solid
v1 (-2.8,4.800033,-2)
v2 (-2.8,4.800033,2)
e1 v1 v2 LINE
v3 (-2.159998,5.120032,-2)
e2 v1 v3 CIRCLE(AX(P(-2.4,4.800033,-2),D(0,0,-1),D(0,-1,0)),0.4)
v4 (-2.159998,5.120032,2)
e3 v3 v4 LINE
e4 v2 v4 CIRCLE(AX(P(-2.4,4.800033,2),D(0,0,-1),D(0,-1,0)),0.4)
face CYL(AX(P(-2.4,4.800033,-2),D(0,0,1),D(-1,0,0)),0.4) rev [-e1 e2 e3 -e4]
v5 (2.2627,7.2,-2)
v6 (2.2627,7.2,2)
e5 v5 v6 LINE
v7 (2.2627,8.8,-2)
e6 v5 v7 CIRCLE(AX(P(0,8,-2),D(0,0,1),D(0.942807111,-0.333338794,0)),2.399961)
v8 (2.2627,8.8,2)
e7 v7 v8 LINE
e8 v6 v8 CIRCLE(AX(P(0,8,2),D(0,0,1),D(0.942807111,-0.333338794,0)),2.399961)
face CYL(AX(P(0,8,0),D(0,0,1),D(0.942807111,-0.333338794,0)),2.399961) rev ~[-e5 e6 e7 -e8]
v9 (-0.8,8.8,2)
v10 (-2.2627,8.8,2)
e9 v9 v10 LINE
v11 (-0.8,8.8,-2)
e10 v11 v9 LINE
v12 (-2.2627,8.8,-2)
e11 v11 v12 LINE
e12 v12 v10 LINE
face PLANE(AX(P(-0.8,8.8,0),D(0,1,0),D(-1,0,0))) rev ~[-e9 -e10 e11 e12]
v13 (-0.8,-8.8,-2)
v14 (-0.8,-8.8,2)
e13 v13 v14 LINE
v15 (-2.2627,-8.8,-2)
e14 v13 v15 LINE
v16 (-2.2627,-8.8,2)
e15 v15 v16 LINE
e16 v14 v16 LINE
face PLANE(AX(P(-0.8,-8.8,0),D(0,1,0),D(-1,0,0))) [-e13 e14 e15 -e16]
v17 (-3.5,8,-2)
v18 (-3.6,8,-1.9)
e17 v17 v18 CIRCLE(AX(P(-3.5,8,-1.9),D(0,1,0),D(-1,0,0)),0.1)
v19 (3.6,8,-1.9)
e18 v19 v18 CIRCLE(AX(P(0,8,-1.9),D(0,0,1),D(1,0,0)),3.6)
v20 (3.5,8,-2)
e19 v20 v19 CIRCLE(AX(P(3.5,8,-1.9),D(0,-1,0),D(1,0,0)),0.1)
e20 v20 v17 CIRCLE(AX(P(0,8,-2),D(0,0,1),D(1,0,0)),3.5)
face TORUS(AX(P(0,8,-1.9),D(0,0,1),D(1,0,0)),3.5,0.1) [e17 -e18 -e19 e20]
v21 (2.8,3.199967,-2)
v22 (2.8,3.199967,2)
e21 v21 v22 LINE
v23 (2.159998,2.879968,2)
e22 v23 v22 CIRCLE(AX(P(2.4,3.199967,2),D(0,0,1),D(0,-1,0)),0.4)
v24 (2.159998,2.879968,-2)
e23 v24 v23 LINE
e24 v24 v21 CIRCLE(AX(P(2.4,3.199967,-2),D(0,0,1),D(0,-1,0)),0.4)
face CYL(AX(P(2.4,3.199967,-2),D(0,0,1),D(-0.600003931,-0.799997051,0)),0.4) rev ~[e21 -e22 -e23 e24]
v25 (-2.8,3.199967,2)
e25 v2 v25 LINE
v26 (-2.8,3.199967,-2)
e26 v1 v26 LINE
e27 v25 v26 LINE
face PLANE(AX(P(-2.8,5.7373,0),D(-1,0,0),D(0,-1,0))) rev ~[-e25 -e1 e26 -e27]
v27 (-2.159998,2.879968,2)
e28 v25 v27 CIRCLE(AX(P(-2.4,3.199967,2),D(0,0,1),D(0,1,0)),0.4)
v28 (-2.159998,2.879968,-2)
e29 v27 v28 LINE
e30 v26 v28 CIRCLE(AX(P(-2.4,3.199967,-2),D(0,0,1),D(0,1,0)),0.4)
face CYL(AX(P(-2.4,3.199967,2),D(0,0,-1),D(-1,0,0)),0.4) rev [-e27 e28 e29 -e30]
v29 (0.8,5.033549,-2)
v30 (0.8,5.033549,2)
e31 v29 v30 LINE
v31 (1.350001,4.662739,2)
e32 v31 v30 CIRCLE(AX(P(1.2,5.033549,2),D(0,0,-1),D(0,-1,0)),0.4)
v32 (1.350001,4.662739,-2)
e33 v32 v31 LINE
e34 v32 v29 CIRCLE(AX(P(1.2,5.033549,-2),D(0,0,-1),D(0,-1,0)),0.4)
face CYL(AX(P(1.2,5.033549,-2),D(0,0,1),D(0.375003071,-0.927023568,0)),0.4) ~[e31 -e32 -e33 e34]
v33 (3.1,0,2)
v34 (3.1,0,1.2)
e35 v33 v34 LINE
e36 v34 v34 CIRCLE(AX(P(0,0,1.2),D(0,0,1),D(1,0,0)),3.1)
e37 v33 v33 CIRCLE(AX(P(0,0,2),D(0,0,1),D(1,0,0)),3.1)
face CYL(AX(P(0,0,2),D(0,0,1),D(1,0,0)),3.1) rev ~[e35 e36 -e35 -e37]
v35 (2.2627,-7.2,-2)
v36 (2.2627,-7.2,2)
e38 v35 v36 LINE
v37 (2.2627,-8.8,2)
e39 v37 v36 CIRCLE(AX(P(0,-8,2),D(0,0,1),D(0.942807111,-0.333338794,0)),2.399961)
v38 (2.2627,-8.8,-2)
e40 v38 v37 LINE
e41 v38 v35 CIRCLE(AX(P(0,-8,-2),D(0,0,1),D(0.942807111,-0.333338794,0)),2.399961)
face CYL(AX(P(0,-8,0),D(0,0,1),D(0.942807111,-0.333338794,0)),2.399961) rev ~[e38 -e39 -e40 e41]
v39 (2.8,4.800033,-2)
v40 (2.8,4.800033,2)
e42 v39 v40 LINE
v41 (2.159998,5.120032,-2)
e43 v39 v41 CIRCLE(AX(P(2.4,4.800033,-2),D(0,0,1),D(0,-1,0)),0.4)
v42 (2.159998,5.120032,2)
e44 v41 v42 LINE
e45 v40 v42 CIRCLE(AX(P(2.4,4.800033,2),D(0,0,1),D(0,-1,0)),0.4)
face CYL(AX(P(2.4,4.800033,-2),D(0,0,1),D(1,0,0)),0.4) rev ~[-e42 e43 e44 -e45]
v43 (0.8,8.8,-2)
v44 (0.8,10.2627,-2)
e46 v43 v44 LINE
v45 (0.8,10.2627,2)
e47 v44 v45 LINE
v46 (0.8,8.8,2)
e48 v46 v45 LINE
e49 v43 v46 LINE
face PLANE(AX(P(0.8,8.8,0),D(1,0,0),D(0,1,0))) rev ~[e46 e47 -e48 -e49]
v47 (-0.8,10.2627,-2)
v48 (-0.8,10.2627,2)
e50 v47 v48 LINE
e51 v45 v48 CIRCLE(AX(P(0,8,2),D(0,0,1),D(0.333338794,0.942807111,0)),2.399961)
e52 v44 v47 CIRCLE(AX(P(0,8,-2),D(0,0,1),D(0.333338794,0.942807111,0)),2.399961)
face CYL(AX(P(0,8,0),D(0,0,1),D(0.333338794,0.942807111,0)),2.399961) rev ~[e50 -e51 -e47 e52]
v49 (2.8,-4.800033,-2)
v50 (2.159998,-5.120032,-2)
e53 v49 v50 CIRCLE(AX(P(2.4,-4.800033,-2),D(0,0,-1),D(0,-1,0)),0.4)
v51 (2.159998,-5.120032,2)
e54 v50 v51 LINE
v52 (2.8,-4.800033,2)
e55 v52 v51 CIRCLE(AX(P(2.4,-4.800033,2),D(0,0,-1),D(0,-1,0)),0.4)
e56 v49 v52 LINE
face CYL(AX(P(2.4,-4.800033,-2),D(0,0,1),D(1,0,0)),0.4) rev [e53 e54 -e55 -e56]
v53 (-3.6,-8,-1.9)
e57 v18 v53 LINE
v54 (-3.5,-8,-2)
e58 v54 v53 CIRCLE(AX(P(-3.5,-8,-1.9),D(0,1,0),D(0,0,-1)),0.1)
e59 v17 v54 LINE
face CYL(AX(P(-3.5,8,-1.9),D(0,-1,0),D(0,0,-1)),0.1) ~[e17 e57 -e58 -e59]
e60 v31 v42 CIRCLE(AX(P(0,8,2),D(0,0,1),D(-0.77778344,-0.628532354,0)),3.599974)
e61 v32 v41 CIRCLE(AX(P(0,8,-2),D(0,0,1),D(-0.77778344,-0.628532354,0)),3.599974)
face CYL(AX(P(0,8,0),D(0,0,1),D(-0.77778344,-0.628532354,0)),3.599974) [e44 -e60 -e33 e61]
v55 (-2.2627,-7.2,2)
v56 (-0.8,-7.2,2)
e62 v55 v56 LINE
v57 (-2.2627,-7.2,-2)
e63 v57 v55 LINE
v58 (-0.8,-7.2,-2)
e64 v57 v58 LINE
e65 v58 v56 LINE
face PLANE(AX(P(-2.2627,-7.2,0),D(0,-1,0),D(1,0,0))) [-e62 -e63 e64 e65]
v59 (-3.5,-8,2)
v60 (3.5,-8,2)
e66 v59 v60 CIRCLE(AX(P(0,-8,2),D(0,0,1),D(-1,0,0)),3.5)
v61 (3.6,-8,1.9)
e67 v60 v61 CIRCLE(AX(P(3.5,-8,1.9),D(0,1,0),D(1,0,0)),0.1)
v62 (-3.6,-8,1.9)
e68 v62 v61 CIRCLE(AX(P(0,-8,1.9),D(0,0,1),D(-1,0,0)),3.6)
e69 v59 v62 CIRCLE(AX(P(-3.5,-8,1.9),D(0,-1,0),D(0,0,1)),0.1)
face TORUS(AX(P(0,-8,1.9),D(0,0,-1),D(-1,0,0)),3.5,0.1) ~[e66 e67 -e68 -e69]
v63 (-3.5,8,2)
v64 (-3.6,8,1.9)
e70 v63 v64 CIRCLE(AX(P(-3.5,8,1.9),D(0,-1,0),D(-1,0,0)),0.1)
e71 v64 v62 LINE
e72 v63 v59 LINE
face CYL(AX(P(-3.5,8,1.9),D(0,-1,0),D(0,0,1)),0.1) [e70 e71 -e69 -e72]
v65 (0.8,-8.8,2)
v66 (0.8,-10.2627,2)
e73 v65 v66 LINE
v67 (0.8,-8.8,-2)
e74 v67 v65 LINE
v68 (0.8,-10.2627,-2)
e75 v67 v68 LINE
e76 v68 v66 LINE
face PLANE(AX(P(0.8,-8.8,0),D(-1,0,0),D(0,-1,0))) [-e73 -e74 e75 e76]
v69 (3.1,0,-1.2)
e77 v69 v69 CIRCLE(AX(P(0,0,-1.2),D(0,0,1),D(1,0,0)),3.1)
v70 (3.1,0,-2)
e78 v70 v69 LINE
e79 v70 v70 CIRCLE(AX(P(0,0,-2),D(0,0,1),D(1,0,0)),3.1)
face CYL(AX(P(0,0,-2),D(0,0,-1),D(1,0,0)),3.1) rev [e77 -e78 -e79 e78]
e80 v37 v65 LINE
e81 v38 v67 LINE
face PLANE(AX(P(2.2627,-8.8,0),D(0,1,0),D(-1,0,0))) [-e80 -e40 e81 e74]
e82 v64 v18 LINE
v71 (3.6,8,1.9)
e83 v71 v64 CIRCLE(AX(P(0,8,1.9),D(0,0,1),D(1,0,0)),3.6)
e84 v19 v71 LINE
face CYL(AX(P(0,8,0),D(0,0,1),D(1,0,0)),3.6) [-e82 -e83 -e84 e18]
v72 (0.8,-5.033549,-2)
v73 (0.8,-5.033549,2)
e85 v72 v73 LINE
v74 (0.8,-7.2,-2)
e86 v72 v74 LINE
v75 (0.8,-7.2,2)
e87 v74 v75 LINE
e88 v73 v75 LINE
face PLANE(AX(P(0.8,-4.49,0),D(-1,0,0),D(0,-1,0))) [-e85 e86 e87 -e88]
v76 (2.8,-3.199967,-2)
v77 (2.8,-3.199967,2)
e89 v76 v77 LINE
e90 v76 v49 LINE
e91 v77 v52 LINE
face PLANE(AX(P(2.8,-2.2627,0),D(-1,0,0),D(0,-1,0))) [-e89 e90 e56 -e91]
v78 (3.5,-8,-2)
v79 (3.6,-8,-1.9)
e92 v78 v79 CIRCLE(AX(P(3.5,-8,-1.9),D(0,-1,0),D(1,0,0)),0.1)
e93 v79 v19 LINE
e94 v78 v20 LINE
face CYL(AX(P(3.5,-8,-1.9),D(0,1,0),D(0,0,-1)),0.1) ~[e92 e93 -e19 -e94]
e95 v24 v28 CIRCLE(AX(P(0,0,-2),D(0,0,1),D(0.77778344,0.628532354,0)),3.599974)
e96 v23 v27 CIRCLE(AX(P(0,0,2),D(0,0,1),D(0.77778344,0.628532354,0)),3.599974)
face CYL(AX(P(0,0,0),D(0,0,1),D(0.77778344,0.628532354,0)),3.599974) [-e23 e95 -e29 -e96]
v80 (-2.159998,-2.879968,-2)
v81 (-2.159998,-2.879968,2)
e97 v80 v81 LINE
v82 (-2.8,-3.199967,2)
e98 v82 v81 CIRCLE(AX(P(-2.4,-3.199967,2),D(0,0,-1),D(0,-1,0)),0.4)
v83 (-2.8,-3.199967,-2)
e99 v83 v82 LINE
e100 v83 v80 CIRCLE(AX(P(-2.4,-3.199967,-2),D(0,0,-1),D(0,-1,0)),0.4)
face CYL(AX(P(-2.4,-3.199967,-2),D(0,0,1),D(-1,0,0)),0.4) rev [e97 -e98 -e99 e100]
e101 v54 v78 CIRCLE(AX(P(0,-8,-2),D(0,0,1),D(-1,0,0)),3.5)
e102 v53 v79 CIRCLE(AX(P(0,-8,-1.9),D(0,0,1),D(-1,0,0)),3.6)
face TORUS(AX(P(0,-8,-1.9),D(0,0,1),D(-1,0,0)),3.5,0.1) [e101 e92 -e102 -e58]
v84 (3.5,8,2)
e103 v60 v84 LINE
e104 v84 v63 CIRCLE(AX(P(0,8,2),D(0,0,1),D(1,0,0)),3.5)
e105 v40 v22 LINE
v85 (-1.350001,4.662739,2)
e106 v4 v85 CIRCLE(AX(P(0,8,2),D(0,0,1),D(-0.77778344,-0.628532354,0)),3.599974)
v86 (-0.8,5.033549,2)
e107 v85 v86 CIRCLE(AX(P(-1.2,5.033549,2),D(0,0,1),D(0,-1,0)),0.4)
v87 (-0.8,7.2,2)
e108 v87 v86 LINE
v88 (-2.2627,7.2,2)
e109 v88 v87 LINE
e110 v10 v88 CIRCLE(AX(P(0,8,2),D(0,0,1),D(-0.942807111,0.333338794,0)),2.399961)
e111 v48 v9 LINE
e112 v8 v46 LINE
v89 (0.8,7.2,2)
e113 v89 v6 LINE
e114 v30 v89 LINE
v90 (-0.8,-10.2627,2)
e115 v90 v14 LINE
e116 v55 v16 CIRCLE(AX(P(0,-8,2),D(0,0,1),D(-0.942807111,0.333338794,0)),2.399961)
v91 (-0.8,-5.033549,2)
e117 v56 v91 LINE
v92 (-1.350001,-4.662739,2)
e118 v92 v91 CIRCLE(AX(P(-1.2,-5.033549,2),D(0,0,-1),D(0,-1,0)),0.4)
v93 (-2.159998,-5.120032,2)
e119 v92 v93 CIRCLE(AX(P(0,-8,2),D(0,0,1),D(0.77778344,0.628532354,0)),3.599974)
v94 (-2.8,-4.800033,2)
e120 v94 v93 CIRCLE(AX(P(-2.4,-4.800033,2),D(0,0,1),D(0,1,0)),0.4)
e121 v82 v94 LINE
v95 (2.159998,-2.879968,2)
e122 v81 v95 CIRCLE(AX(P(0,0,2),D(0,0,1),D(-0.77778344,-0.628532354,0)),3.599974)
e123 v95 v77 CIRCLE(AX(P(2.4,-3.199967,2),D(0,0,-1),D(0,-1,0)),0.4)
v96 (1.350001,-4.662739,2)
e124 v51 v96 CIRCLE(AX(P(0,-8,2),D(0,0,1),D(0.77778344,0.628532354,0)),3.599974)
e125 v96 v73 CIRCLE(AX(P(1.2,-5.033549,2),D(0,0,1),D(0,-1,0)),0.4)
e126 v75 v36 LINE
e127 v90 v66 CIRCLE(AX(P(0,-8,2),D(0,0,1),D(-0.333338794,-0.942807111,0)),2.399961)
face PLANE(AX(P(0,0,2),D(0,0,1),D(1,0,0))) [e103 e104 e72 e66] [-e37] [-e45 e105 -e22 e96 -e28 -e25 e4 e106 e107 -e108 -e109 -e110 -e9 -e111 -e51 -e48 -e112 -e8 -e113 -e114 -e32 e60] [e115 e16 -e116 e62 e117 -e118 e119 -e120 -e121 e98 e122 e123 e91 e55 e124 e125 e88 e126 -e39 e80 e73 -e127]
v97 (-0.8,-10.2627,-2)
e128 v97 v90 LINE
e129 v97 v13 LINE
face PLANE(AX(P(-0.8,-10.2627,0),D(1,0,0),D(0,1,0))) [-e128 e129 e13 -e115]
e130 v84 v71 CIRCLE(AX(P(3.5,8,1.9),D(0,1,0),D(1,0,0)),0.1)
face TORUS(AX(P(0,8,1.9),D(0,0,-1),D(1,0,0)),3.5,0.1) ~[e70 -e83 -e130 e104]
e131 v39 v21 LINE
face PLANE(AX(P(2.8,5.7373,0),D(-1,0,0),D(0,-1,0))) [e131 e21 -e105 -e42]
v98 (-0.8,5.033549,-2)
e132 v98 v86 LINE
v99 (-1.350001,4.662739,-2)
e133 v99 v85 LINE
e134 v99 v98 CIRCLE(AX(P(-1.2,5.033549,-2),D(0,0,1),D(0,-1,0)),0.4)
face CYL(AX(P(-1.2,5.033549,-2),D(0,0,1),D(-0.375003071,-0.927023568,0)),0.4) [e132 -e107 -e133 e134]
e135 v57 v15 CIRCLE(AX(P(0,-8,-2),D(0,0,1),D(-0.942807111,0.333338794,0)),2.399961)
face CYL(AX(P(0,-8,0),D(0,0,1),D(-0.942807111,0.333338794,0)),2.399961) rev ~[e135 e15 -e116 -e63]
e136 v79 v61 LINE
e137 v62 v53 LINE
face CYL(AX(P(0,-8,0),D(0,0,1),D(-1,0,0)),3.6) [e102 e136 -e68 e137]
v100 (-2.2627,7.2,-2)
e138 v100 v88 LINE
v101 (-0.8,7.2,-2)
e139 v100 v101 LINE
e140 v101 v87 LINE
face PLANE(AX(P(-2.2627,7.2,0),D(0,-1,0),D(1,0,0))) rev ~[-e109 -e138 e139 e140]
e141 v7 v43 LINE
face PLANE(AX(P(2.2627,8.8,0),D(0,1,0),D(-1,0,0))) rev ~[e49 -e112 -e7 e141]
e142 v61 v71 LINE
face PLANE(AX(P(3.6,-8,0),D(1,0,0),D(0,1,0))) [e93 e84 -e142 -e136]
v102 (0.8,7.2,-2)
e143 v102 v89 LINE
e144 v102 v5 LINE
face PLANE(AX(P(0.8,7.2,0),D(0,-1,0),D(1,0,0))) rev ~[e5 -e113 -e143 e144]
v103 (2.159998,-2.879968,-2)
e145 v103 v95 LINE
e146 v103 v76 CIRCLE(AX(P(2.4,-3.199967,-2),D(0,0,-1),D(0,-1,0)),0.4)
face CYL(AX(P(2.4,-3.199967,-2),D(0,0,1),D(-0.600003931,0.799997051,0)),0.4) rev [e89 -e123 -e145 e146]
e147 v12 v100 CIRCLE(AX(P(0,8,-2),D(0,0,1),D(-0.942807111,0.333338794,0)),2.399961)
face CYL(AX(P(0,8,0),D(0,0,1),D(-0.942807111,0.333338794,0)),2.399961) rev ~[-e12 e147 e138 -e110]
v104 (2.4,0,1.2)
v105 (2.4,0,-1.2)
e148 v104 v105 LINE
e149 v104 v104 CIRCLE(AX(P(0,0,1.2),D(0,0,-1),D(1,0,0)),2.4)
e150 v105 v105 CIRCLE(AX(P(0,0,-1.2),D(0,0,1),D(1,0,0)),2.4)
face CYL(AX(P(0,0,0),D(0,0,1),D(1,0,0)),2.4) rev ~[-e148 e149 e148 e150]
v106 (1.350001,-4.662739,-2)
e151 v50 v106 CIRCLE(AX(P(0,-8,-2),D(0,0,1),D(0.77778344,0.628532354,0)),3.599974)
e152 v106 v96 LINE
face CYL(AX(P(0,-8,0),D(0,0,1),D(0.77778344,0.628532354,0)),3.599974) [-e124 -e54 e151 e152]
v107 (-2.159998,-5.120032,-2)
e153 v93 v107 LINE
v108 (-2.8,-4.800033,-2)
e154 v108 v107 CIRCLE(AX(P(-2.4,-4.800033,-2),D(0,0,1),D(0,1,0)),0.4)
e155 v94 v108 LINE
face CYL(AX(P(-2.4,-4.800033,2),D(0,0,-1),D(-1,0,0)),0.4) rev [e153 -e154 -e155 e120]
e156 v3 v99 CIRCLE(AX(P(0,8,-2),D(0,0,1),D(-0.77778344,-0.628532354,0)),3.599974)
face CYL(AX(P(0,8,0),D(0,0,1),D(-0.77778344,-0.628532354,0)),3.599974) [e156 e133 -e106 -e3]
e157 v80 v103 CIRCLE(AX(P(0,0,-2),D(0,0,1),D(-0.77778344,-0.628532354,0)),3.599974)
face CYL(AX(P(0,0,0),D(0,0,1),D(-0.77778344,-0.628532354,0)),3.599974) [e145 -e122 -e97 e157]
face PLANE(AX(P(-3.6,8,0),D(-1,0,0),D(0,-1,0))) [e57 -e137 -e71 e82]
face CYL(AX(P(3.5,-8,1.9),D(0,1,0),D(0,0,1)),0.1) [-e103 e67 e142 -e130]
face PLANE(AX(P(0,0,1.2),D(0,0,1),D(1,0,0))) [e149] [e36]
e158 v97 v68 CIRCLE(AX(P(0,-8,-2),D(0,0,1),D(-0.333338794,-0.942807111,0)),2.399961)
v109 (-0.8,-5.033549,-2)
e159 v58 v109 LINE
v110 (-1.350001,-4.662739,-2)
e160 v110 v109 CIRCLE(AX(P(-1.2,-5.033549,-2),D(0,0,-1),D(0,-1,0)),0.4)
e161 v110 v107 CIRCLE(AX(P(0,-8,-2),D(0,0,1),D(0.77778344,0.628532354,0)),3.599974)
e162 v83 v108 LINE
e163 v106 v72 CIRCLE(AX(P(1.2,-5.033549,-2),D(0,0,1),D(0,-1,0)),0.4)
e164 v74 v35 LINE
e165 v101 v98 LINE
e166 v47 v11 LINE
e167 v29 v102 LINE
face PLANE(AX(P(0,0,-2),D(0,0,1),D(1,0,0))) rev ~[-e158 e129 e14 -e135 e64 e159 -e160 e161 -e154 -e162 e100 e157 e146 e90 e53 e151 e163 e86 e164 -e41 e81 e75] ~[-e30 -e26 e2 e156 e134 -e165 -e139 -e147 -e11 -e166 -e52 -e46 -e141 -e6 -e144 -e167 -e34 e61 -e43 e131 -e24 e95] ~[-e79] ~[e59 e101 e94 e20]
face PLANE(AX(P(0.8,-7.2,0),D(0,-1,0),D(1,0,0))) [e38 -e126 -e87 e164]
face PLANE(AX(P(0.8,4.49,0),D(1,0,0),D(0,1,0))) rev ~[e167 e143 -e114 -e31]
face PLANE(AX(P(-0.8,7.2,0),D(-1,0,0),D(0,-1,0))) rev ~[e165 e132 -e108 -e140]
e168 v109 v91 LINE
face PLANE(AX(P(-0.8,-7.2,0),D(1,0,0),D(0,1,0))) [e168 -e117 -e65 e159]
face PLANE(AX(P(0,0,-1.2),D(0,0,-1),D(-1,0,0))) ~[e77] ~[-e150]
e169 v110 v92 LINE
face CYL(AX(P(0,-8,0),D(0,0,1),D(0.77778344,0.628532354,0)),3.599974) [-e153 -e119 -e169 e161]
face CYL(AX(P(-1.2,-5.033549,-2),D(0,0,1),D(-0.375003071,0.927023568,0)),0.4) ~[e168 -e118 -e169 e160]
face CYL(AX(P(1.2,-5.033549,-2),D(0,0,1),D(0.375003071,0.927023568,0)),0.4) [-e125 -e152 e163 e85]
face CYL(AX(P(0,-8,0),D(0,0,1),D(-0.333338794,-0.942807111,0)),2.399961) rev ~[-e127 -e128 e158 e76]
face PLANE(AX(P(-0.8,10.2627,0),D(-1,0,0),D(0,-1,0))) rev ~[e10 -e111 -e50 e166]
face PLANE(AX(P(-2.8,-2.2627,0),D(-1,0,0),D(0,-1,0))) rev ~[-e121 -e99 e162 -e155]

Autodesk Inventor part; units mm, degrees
ref_plane "YZ Plane" through (0, 0, 0) normal (1, 0, 0) x (0, 1, 0)
ref_plane "XZ Plane" through (0, 0, 0) normal (0, 1, 0) x (-1, 0, 0)
ref_plane "XY Plane" through (0, 0, 0) normal (0, 0, 1) x (1, 0, 0)
sketch "Sketch1" plane through (0, 0, 0) normal (0, 0, 1) x (1, 0, 0)
  line L0 (3.6, -8) -> (3.6, 8)
  line L1 (-3.6, 8) -> (-3.6, -8)
  arc A0 (3.6, 8) -> (-3.6, 8) centre (0, 8) ccw
  circle A1 centre (0, 8) radius 2.4 construction
  circle A2 centre (0, 8) radius 3.2 construction
  circle A3 centre (0, 0) radius 3.2
  circle A4 centre (0, 0) radius 2.4
  line L2 (0, 0) -> (0, 8) construction
  line L3 (-2.8, 5.7373) -> (-2.8, 2.2627)
  line L4 (2.8, 5.7373) -> (2.8, 2.2627)
  arc A5 (-2.8, 5.7373) -> (2.8, 5.7373) centre (0, 8) ccw
  arc A6 (2.8, 2.2627) -> (-2.8, 2.2627) centre (0, 0) ccw
  arc A7 (-3.6, -8) -> (3.6, -8) centre (0, -8) ccw
  circle A8 centre (0, -8) radius 3.2 construction
  circle A9 centre (0, -8) radius 2.4 construction
  line L5 (0, 0) -> (0, -8) construction
  line L6 (-2.8, -2.2627) -> (-2.8, -5.7373)
  line L7 (2.8, -2.2627) -> (2.8, -5.7373)
  arc A10 (-2.8, -2.2627) -> (2.8, -2.2627) centre (0, 0) ccw
  arc A11 (2.8, -5.7373) -> (-2.8, -5.7373) centre (0, -8) ccw
  line L8 (0.8, 4.49) -> (0.8, 7.2)
  line L9 (0.8, 7.2) -> (2.2627, 7.2)
  line L10 (2.2627, 8.8) -> (0.8, 8.8)
  line L11 (0.8, 8.8) -> (0.8, 10.2627)
  line L12 (-0.8, 10.2627) -> (-0.8, 8.8)
  line L13 (-0.8, 8.8) -> (-2.2627, 8.8)
  line L14 (-2.2627, 7.2) -> (-0.8, 7.2)
  line L15 (-0.8, 7.2) -> (-0.8, 4.49)
  arc A12 (-2.2627, 8.8) -> (-2.2627, 7.2) centre (0, 8) ccw
  arc A13 (0.8, 10.2627) -> (-0.8, 10.2627) centre (0, 8) ccw
  arc A14 (2.2627, 7.2) -> (2.2627, 8.8) centre (0, 8) ccw
  line L16 (-0.8, -10.2627) -> (-0.8, -8.8)
  line L17 (-0.8, -8.8) -> (-2.2627, -8.8)
  line L18 (-2.2627, -7.2) -> (-0.8, -7.2)
  line L19 (-0.8, -7.2) -> (-0.8, -4.49)
  line L20 (0.8, -4.49) -> (0.8, -7.2)
  line L21 (0.8, -7.2) -> (2.2627, -7.2)
  line L22 (2.2627, -8.8) -> (0.8, -8.8)
  line L23 (0.8, -8.8) -> (0.8, -10.2627)
  arc A15 (-2.2627, -7.2) -> (-2.2627, -8.8) centre (0, -8) ccw
  arc A16 (-0.8, -10.2627) -> (0.8, -10.2627) centre (0, -8) ccw
  arc A17 (2.2627, -8.8) -> (2.2627, -7.2) centre (0, -8) ccw
  dimension "d8" = 4.8
  dimension "d9" = 6.4
  dimension "d32" = 7.2
  dimension "d34" = 8
  dimension "d36" = 0.8
  dimension "d52" = 1.6
extrude "Extrusion1" add sketch "Sketch1" along normal mid plane 4 contours A7 L1 A0 L0 | A3
sketch "Sketch6" plane through (0, 0, 2) normal (0, 0, 1) x (1, 0, 0)
  circle A0 centre (0, 0) radius 3.1
  circle A1 centre (0, 0) radius 2.4 projected
  dimension "d53" = 6.2
extrude "Extrusion7" cut sketch "Sketch6" against normal blind 0.8 contours A0 | A1
mirror "Mirror1" about plane through (0, 0, 0) normal (0, 0, 1) of "Extrusion7"
fillet "Fillet1" radius 0.1 6 edges at (0, 11.6, 2) (3.6, 0, 2) (-3.6, 0, 2) (0, 11.6, -2) (-3.6, 0, -2) (3.6, 0, -2)
fillet "Fillet1" radius 0.4 12 edges at (-2.8, -2.2627, 0) (-2.8, -5.7373, 0) (2.8, -5.7373, 0) (2.8, -2.2627, 0) (-2.8, 5.7373, 0) (-2.8, 2.2627, 0) (-0.8, -4.49, 0) (0.8, -4.49, 0) (2.8, 2.2627, 0) (2.8, 5.7373, 0) (0.8, 4.49, 0) (-0.8, 4.49, 0)
equation "\"d8\" = kd"
equation "\"d9\" = tsd"
equation "\"d32\" = tlad"
equation "\"d34\" = lu"
equation "\"d52\" = axlet"
equation "\"d14\" = 0.5 * lu"
equation "\"d41\" = tsl"
equation "\"d45\" = lf"
equation "\"d46\" = tf"
equation "\"kd\" = 4.8"
equation "\"tsd\" = 6.4"
equation "\"tlad\" = 7.2"
equation "\"lu\" = 8"
equation "\"axlet\" = 1.6"
equation "\"tsl\" = 0.8"
equation "\"lf\" = 0.1"
equation "\"tf\" = 0.4"
properties part number "6632-LtBluishGray" material "ABS Plastic"
